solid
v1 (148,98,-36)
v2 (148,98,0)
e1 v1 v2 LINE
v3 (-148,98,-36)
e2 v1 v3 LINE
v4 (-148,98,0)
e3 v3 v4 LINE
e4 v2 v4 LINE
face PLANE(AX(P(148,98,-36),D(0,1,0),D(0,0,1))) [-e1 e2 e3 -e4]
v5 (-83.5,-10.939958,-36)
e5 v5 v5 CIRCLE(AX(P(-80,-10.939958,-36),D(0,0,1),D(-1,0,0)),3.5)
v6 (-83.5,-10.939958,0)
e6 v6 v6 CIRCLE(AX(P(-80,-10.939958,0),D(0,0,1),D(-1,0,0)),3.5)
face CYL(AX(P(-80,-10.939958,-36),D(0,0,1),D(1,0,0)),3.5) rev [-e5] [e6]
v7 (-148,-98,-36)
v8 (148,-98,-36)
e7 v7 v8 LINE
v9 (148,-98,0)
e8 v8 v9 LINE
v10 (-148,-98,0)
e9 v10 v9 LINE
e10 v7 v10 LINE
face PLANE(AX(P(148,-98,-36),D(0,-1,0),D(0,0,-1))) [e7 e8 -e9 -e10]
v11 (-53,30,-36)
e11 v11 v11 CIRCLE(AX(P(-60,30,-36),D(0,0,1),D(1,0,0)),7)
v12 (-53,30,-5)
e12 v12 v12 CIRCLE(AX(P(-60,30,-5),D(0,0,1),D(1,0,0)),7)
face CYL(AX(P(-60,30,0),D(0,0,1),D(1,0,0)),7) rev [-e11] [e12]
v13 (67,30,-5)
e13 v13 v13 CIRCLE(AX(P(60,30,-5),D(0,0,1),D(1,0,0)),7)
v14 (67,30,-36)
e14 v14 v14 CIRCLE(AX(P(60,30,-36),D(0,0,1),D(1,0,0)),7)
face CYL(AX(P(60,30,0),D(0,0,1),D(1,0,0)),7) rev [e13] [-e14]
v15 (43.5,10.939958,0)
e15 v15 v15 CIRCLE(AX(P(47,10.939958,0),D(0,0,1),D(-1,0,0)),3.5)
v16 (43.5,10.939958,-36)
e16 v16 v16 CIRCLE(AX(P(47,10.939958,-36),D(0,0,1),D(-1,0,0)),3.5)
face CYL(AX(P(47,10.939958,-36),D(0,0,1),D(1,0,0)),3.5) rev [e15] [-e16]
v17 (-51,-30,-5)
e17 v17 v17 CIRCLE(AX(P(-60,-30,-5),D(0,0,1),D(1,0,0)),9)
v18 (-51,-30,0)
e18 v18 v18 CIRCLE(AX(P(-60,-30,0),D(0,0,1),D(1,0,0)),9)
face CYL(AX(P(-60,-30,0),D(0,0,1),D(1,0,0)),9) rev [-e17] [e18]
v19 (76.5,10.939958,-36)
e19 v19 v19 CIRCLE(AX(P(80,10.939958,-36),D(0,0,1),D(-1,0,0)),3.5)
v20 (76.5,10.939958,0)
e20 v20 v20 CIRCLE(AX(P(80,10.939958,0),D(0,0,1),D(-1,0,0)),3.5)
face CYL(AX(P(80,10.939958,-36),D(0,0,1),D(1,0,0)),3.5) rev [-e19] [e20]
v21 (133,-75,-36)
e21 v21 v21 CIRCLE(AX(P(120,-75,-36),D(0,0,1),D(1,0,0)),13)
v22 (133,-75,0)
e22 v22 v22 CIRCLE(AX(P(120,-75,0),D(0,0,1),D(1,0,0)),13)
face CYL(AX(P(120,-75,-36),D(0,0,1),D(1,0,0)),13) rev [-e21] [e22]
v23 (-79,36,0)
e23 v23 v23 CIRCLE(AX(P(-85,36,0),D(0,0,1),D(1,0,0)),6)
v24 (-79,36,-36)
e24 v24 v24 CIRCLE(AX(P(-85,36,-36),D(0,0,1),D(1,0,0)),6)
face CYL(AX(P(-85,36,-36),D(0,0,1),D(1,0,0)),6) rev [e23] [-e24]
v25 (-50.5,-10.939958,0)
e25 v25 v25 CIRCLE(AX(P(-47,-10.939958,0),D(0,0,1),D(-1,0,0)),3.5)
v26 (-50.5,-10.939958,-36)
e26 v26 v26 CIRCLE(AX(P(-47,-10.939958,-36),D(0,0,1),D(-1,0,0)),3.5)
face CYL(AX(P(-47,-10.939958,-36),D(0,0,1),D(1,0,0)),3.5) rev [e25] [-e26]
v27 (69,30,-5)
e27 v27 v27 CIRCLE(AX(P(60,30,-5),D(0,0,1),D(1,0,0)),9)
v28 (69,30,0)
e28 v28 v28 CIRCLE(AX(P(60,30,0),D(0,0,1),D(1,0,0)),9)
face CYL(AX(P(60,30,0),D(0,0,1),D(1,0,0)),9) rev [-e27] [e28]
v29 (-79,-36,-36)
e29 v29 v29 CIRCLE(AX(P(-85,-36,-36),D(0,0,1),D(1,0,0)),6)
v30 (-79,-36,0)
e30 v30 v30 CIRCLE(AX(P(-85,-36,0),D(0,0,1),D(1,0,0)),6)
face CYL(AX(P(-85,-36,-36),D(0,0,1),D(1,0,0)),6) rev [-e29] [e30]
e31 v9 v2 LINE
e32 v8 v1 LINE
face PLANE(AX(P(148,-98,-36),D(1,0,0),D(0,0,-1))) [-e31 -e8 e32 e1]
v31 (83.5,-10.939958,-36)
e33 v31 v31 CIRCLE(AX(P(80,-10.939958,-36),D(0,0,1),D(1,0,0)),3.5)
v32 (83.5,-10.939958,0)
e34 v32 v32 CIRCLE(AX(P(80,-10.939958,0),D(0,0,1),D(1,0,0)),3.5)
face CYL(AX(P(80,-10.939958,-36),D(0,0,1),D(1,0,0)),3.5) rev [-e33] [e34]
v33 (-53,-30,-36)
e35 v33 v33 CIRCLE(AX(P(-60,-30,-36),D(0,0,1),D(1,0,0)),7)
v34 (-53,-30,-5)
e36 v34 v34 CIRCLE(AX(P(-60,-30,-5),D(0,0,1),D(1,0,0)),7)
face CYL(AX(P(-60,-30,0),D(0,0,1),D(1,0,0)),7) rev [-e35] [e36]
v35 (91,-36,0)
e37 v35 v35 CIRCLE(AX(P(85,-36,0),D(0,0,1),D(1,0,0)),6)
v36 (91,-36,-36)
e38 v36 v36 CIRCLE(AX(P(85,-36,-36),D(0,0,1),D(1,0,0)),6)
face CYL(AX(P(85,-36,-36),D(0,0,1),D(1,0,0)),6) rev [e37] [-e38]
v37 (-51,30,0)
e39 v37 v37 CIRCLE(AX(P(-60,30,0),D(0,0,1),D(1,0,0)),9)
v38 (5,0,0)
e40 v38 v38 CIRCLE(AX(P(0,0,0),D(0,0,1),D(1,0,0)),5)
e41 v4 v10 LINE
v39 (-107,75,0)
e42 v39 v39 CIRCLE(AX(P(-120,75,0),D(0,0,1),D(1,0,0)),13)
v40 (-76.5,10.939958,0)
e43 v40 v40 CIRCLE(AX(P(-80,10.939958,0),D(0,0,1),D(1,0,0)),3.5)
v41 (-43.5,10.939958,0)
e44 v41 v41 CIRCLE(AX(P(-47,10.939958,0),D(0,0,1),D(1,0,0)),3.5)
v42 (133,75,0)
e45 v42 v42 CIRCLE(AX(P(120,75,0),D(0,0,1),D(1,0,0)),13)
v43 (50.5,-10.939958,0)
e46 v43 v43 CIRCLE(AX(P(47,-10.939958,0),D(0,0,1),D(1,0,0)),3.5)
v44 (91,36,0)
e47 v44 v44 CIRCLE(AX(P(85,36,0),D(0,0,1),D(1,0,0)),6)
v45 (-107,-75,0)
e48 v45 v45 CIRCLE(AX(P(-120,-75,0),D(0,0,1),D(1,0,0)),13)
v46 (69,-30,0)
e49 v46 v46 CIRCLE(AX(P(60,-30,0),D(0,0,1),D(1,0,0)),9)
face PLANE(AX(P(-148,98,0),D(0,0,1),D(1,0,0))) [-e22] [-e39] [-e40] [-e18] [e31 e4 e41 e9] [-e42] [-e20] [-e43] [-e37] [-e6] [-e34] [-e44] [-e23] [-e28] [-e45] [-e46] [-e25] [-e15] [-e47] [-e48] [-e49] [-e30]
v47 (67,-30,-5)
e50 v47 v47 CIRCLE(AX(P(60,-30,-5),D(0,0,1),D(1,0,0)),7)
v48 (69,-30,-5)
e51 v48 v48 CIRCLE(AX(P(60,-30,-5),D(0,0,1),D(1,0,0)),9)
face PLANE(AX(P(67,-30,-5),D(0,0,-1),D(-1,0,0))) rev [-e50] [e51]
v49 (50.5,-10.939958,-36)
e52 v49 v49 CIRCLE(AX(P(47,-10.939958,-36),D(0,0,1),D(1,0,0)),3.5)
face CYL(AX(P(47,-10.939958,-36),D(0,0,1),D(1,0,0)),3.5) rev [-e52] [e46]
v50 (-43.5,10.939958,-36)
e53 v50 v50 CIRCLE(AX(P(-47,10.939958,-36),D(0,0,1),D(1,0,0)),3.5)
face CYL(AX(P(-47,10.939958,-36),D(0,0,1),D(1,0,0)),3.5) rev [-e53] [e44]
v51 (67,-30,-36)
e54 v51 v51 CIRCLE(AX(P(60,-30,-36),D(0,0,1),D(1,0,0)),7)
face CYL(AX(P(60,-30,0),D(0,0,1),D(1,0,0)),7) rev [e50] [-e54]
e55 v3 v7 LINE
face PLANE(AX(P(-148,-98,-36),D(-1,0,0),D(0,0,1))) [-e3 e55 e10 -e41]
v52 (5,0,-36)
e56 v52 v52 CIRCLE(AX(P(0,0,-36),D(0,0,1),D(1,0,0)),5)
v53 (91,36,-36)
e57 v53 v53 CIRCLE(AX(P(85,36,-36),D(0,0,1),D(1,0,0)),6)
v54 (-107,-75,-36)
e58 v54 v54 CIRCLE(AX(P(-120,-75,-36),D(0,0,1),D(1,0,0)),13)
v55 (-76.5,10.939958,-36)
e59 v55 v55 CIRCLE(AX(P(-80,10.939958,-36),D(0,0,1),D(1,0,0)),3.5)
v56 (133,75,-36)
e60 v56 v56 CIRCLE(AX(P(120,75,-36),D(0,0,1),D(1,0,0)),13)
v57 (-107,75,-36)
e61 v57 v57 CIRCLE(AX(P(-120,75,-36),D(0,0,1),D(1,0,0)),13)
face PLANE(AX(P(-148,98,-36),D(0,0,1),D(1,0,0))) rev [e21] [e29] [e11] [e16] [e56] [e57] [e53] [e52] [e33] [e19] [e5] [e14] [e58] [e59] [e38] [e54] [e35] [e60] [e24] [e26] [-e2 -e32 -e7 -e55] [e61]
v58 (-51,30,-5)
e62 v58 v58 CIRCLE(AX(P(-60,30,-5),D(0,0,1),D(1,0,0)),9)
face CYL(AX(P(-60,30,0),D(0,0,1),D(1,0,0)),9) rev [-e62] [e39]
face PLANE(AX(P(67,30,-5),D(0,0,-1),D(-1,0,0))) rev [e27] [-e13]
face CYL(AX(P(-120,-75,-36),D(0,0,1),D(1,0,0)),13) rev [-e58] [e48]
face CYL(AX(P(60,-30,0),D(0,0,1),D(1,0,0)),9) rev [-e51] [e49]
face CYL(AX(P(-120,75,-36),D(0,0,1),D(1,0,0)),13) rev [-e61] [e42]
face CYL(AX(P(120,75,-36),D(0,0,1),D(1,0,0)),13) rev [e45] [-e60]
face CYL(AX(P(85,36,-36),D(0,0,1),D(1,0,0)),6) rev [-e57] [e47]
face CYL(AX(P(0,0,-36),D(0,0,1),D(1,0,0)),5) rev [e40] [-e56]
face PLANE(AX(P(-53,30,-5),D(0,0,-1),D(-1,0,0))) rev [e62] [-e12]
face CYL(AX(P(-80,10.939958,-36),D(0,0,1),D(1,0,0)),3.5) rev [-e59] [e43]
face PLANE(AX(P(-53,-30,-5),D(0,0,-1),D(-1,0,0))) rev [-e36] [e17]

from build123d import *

# Parameters (mm, degrees)
SKETCH1_W                              = 296
SKETCH1_H                              = 196
SKETCH1_R                              = 13
SKETCH1_R_2                            = 3.5
SKETCH1_R_3                            = 6
SKETCH1_R_4                            = 5
EXTRUDE1_DEPTH                         = 36
CBORE_FOR_14_MM_CORE_PINS1_D           = 14
CBORE_FOR_14_MM_CORE_PINS1_CBORE_D     = 18
CBORE_FOR_14_MM_CORE_PINS1_CBORE_DEPTH = 5


with BuildPart() as part:
    # Sketch1 → Extrude1 (new body)
    with BuildSketch(Plane.XY):
        Rectangle(SKETCH1_W, SKETCH1_H)
        with Locations((-120, 75)):
            Circle(SKETCH1_R, mode=Mode.SUBTRACT)
        with Locations((-120, -75)):
            Circle(SKETCH1_R, mode=Mode.SUBTRACT)
        with Locations((120, 75)):
            Circle(SKETCH1_R, mode=Mode.SUBTRACT)
        with Locations((120, -75)):
            Circle(SKETCH1_R, mode=Mode.SUBTRACT)
        with Locations((-47, 10.939957651)):
            Circle(SKETCH1_R_2, mode=Mode.SUBTRACT)
        with Locations((-80, 10.939957651)):
            Circle(SKETCH1_R_2, mode=Mode.SUBTRACT)
        with Locations((-80, -10.939957651)):
            Circle(SKETCH1_R_2, mode=Mode.SUBTRACT)
        with Locations((-47, -10.939957651)):
            Circle(SKETCH1_R_2, mode=Mode.SUBTRACT)
        with Locations((47, -10.939957651)):
            Circle(SKETCH1_R_2, mode=Mode.SUBTRACT)
        with Locations((80, -10.939957651)):
            Circle(SKETCH1_R_2, mode=Mode.SUBTRACT)
        with Locations((80, 10.939957651)):
            Circle(SKETCH1_R_2, mode=Mode.SUBTRACT)
        with Locations((47, 10.939957651)):
            Circle(SKETCH1_R_2, mode=Mode.SUBTRACT)
        with Locations((-85, 36)):
            Circle(SKETCH1_R_3, mode=Mode.SUBTRACT)
        with Locations((-85, -36)):
            Circle(SKETCH1_R_3, mode=Mode.SUBTRACT)
        with Locations((85, 36)):
            Circle(SKETCH1_R_3, mode=Mode.SUBTRACT)
        with Locations((85, -36)):
            Circle(SKETCH1_R_3, mode=Mode.SUBTRACT)
        Circle(SKETCH1_R_4, mode=Mode.SUBTRACT)
    extrude(amount=-EXTRUDE1_DEPTH)

    # CBORE for 14 mm Core Pins1 (through all)
    with Locations(Plane.XY):
        with Locations((60, 30), (-60, 30), (-60, -30), (60, -30)):
            CounterBoreHole(CBORE_FOR_14_MM_CORE_PINS1_D / 2, CBORE_FOR_14_MM_CORE_PINS1_CBORE_D / 2, CBORE_FOR_14_MM_CORE_PINS1_CBORE_DEPTH)


solid = part.part
